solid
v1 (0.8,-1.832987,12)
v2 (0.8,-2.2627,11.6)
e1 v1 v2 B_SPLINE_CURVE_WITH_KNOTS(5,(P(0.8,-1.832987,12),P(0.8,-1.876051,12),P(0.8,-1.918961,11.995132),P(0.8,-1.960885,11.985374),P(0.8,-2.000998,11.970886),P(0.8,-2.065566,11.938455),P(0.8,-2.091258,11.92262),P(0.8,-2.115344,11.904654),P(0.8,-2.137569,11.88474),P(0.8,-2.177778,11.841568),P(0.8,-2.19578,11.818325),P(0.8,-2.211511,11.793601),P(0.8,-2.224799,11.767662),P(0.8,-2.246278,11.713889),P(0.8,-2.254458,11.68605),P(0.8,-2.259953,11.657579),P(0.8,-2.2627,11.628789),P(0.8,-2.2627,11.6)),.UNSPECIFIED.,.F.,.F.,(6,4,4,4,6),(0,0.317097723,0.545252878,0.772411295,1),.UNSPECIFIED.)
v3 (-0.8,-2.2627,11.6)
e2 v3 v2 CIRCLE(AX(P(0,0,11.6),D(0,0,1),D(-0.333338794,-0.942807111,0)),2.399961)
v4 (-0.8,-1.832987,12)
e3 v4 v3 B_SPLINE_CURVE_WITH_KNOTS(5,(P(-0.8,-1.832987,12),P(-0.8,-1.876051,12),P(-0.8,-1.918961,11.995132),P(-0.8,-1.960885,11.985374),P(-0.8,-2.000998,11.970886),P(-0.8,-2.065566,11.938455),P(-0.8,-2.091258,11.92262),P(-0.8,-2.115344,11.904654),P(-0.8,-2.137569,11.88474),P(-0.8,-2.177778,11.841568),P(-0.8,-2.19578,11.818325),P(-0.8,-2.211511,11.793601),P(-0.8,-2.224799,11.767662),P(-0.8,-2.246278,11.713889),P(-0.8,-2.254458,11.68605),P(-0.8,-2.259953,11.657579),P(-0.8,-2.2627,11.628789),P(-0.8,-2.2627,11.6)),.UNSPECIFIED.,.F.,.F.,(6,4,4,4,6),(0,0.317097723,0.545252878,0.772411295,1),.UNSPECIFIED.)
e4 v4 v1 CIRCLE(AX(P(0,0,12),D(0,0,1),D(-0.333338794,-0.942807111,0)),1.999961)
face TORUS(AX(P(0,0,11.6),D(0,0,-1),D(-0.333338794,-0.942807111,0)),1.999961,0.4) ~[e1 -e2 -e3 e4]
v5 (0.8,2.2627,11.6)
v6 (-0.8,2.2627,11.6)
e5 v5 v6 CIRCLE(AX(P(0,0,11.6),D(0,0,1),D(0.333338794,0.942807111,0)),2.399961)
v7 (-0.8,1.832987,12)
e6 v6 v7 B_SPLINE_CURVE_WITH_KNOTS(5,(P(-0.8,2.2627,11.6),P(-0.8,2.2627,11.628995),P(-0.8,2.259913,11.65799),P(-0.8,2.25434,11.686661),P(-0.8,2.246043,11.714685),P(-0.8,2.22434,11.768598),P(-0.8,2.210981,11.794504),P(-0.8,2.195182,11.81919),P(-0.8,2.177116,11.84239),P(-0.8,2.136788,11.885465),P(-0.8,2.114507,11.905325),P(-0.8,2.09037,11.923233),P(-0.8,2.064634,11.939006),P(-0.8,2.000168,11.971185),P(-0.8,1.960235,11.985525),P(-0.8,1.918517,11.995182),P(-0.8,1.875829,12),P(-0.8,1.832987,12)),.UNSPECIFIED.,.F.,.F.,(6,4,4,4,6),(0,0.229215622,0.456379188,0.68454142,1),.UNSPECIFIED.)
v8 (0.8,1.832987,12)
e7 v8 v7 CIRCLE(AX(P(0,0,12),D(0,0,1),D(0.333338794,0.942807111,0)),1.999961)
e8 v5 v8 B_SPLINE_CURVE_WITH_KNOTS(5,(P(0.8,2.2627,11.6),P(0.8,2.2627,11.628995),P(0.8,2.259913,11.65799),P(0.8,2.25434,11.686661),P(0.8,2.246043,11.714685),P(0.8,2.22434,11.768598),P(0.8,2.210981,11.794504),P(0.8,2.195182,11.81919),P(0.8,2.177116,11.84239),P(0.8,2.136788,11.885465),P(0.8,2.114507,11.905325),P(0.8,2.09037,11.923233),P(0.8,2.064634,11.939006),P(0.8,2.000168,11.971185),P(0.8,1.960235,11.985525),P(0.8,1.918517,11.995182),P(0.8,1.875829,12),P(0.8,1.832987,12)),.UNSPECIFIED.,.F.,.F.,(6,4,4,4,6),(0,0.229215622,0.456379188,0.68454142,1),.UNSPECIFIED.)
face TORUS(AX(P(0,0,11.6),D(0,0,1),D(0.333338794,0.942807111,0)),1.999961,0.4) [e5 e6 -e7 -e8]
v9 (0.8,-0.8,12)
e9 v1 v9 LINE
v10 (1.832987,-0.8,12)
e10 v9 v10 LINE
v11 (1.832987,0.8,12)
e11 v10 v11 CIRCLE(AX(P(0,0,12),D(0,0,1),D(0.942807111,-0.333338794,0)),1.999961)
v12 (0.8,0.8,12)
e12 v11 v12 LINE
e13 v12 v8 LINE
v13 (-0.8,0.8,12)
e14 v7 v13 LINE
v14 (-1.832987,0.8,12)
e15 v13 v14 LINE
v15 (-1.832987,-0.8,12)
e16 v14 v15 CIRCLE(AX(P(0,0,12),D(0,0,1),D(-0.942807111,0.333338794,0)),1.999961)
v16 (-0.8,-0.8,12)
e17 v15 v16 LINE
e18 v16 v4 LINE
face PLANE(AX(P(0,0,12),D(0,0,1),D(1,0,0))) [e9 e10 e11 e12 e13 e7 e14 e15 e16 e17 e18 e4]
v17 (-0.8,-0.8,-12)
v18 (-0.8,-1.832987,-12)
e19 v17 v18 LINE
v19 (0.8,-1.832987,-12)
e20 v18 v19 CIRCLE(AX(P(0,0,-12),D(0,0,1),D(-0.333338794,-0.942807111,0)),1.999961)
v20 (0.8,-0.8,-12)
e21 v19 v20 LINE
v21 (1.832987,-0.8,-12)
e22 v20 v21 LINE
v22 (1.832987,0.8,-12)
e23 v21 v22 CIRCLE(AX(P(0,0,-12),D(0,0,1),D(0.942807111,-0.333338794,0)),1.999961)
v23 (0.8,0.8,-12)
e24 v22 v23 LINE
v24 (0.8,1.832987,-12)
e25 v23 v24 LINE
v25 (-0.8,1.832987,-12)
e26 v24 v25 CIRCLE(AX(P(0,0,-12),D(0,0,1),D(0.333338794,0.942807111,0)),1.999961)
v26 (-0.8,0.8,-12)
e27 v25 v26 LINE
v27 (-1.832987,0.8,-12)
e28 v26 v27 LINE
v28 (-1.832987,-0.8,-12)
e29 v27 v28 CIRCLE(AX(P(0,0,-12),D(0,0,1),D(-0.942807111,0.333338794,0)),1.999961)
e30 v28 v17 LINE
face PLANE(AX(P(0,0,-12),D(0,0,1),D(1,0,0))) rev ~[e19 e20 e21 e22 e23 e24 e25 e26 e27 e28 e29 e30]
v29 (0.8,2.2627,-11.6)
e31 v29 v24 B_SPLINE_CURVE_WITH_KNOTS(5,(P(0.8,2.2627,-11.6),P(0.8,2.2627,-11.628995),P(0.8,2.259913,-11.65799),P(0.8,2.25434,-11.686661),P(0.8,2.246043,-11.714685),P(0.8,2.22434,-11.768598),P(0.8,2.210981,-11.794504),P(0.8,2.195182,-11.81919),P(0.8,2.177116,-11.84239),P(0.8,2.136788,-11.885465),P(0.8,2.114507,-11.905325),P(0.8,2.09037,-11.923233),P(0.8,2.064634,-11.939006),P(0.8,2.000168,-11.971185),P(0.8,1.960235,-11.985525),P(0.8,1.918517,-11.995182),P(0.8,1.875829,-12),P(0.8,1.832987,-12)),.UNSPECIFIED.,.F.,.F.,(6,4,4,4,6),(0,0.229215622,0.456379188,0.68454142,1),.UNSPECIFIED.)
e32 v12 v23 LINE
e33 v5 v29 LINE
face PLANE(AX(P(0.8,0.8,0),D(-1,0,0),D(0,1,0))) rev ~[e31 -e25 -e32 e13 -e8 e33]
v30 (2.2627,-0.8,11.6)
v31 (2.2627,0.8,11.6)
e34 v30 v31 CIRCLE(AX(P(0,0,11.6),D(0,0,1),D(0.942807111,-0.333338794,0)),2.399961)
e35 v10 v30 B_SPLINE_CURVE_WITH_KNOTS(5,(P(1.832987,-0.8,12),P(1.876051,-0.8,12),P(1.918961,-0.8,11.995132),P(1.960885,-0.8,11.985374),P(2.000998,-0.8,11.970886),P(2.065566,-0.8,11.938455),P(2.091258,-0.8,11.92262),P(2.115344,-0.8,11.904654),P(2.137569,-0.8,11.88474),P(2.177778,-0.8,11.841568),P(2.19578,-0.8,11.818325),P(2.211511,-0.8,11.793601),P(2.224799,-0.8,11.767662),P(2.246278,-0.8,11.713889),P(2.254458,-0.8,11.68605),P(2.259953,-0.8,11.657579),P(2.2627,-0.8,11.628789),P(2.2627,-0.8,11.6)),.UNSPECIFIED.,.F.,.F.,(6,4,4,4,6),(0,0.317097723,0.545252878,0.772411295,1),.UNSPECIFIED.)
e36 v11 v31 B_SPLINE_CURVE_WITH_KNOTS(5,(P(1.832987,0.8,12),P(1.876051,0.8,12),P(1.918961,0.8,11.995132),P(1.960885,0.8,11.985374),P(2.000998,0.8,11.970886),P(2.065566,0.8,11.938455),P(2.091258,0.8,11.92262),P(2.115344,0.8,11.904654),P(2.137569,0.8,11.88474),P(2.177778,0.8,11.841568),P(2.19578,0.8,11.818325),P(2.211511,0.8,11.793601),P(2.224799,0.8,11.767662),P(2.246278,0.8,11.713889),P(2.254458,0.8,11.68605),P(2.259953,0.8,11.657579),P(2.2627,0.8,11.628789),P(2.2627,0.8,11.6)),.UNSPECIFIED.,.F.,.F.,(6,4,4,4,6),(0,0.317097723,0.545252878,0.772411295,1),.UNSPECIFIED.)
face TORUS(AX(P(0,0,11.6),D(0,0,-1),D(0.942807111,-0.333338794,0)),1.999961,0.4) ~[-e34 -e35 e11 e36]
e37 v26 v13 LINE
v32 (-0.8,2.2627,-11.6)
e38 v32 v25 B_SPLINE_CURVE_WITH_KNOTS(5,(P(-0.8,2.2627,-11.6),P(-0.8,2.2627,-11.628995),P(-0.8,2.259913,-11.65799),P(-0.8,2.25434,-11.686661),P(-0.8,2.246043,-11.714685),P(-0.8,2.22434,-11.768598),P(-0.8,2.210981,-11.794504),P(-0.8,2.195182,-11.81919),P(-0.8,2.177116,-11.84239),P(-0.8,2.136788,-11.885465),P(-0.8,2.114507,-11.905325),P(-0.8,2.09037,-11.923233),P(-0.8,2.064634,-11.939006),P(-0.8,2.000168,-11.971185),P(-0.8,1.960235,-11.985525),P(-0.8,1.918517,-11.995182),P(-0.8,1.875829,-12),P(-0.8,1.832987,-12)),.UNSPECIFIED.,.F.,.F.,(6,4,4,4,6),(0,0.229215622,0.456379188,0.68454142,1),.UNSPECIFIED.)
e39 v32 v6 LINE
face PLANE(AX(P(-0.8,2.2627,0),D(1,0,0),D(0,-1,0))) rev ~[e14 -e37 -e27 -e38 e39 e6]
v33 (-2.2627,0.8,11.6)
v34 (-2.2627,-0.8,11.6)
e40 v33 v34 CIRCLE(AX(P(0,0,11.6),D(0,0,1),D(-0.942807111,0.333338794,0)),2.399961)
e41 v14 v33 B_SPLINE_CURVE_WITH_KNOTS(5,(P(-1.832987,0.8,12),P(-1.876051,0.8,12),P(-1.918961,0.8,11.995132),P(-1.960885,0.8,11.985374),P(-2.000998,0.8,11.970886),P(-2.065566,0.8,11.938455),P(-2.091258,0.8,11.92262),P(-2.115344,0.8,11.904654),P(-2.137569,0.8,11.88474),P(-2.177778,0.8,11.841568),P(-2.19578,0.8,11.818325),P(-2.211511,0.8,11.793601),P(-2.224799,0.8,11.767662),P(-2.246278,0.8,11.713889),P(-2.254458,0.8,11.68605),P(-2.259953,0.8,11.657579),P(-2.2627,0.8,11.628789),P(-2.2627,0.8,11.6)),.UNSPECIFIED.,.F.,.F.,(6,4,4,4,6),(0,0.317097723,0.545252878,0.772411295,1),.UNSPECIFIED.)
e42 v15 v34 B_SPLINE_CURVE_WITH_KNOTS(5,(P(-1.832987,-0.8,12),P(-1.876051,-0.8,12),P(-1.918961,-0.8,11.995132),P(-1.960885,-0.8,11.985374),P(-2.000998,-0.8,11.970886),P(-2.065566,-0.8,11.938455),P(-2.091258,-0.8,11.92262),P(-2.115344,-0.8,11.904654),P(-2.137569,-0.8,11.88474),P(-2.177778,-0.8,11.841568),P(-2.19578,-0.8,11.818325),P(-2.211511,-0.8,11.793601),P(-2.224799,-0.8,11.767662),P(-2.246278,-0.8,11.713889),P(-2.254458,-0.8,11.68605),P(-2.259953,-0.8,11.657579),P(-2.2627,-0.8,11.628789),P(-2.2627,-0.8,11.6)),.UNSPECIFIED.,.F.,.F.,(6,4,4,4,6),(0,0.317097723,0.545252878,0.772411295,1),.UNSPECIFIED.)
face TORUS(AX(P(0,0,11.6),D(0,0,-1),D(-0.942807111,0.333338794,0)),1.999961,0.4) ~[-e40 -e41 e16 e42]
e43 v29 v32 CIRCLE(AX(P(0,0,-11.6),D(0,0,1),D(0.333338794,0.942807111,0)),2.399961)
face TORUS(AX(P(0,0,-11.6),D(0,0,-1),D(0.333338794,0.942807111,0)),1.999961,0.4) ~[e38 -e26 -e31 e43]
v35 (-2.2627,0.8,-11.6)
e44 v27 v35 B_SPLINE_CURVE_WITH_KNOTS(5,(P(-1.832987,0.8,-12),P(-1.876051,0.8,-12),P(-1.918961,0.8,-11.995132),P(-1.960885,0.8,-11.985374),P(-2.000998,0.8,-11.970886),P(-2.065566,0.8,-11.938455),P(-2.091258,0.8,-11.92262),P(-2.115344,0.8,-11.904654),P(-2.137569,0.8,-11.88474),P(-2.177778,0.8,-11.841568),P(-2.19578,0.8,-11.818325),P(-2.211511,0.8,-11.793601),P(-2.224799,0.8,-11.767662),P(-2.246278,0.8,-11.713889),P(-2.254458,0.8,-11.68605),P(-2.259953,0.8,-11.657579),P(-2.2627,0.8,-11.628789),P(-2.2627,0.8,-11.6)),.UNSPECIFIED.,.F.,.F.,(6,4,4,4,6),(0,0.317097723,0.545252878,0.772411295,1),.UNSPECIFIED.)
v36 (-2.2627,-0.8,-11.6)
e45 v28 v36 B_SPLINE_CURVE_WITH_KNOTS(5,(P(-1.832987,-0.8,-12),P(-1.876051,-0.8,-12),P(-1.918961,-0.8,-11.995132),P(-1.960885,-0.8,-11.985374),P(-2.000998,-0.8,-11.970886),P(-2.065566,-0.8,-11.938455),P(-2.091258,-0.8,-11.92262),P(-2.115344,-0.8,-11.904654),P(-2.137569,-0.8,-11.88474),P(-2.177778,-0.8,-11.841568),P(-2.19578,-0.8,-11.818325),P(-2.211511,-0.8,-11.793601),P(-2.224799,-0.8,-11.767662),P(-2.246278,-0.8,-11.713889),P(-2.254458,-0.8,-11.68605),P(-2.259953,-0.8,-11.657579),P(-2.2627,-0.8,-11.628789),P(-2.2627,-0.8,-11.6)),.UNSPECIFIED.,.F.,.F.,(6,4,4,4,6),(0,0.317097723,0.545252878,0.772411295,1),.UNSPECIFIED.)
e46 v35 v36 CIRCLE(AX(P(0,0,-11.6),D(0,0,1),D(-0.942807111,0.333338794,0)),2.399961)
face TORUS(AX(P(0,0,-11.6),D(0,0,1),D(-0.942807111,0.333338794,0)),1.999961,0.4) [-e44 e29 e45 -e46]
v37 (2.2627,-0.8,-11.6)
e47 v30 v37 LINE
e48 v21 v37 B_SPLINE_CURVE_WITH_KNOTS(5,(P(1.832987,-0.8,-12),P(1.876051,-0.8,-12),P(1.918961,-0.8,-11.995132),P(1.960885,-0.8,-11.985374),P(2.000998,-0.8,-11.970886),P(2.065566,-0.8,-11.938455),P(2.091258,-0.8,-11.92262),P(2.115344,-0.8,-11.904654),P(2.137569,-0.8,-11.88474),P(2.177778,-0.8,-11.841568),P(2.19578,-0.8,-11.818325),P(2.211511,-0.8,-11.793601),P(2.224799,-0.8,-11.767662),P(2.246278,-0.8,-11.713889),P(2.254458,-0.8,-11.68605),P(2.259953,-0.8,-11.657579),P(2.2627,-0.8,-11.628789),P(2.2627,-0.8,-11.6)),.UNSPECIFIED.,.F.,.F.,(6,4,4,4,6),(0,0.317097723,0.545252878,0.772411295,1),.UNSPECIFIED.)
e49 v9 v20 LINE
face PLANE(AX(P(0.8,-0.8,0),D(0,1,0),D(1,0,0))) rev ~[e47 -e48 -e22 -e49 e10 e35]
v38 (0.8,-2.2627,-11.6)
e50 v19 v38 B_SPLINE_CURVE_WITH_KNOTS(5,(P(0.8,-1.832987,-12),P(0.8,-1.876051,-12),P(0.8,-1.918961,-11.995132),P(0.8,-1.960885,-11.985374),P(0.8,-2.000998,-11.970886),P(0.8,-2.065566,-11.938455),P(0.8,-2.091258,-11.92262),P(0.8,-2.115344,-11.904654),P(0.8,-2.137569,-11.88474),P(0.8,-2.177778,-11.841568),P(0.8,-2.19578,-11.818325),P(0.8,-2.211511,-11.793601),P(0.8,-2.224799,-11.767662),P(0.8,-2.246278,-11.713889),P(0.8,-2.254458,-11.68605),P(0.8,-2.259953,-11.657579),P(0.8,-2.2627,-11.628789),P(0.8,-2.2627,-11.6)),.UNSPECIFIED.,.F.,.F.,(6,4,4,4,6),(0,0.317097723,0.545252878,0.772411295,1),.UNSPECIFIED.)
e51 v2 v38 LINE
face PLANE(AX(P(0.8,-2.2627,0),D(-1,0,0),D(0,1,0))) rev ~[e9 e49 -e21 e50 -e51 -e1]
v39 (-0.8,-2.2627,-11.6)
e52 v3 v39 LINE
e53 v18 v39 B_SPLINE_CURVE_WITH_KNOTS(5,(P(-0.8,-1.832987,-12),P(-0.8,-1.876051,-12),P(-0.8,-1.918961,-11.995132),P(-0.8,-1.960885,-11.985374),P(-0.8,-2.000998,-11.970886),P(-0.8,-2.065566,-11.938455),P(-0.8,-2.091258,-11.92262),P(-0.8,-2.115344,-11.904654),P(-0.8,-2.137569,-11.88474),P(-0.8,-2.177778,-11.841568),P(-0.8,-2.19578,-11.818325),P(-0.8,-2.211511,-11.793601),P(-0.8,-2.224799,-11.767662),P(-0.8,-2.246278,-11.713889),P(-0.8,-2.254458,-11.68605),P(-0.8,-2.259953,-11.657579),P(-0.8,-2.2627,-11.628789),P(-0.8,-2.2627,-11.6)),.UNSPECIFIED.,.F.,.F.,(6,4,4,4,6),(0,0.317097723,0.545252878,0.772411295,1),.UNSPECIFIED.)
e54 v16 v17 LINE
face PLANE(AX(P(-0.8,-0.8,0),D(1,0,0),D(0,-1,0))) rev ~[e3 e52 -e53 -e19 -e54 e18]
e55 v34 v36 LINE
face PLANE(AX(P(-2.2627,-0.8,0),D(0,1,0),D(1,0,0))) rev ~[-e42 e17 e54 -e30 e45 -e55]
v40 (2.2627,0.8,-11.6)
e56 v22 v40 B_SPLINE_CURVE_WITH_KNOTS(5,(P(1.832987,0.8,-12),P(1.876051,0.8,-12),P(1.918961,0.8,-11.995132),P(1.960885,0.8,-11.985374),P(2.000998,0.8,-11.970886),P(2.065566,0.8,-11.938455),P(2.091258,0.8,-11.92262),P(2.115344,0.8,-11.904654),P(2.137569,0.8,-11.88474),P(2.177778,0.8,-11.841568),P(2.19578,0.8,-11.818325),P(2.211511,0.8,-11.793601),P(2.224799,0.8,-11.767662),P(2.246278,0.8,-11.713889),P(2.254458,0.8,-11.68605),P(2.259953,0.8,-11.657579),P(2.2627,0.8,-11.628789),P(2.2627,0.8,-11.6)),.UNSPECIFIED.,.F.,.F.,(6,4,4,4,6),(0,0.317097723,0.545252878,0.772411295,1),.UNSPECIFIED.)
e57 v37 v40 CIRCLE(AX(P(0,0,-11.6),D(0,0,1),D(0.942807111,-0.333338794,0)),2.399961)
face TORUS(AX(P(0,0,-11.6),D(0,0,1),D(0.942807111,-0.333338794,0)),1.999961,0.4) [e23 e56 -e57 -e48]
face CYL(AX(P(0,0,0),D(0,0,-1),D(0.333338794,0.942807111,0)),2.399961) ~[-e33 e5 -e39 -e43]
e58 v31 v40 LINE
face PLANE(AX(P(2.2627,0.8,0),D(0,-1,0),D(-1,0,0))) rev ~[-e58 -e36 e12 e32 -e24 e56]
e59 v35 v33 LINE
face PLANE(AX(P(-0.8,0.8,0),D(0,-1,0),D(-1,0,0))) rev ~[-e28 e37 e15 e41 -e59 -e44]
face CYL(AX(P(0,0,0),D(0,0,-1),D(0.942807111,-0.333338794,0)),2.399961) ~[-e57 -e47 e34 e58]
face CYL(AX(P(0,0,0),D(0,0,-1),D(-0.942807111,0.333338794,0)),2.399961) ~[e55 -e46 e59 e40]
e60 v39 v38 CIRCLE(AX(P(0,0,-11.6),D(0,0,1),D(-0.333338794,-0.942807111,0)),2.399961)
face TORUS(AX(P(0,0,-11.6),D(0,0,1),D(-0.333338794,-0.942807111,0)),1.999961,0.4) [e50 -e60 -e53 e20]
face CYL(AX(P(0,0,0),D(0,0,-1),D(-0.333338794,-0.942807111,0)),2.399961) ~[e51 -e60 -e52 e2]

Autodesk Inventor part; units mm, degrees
ref_plane "YZ Plane" through (0, 0, 0) normal (1, 0, 0) x (0, 1, 0)
ref_plane "XZ Plane" through (0, 0, 0) normal (0, 1, 0) x (-1, 0, 0)
ref_plane "XY Plane" through (0, 0, 0) normal (0, 0, 1) x (1, 0, 0)
sketch "Sketch1" plane through (0, 0, 0) normal (0, 0, 1) x (1, 0, 0)
  circle A0 centre (0, 0) radius 2.4 construction
  line L0 (-0.8, 2.2627) -> (-0.8, 0.8)
  line L1 (-0.8, 0.8) -> (-2.2627, 0.8)
  line L2 (-2.2627, -0.8) -> (-0.8, -0.8)
  line L3 (-0.8, -0.8) -> (-0.8, -2.2627)
  line L4 (0.8, -2.2627) -> (0.8, -0.8)
  line L5 (0.8, -0.8) -> (2.2627, -0.8)
  line L6 (2.2627, 0.8) -> (0.8, 0.8)
  line L7 (0.8, 0.8) -> (0.8, 2.2627)
  arc A1 (0.8, 2.2627) -> (-0.8, 2.2627) centre (0, 0) ccw
  arc A2 (-2.2627, 0.8) -> (-2.2627, -0.8) centre (0, 0) ccw
  arc A3 (-0.8, -2.2627) -> (0.8, -2.2627) centre (0, 0) ccw
  arc A4 (2.2627, -0.8) -> (2.2627, 0.8) centre (0, 0) ccw
  dimension "d0" = 4.8
  dimension "d1" = 1.6
extrude "Extrusion1" add sketch "Sketch1" along normal mid plane 24
fillet "Fillet1" radius 0.4 8 edges at (0, 2.4, 12) (-2.4, 0, 12) (0, -2.4, 12) (2.4, 0, 12) (2.4, 0, -12) (0, 2.4, -12) (-2.4, 0, -12) (0, -2.4, -12)
equation "\"d0\" = kd"
equation "\"d1\" = axlet"
equation "\"d2\" = 3 * lu"
equation "\"d4\" = tf"
equation "\"kd\" = 4.8"
equation "\"axlet\" = 1.6"
equation "\"lu\" = 8"
equation "\"tf\" = 0.4"
properties part number "4519-LtBluishGray" material "ABS Plastic"
